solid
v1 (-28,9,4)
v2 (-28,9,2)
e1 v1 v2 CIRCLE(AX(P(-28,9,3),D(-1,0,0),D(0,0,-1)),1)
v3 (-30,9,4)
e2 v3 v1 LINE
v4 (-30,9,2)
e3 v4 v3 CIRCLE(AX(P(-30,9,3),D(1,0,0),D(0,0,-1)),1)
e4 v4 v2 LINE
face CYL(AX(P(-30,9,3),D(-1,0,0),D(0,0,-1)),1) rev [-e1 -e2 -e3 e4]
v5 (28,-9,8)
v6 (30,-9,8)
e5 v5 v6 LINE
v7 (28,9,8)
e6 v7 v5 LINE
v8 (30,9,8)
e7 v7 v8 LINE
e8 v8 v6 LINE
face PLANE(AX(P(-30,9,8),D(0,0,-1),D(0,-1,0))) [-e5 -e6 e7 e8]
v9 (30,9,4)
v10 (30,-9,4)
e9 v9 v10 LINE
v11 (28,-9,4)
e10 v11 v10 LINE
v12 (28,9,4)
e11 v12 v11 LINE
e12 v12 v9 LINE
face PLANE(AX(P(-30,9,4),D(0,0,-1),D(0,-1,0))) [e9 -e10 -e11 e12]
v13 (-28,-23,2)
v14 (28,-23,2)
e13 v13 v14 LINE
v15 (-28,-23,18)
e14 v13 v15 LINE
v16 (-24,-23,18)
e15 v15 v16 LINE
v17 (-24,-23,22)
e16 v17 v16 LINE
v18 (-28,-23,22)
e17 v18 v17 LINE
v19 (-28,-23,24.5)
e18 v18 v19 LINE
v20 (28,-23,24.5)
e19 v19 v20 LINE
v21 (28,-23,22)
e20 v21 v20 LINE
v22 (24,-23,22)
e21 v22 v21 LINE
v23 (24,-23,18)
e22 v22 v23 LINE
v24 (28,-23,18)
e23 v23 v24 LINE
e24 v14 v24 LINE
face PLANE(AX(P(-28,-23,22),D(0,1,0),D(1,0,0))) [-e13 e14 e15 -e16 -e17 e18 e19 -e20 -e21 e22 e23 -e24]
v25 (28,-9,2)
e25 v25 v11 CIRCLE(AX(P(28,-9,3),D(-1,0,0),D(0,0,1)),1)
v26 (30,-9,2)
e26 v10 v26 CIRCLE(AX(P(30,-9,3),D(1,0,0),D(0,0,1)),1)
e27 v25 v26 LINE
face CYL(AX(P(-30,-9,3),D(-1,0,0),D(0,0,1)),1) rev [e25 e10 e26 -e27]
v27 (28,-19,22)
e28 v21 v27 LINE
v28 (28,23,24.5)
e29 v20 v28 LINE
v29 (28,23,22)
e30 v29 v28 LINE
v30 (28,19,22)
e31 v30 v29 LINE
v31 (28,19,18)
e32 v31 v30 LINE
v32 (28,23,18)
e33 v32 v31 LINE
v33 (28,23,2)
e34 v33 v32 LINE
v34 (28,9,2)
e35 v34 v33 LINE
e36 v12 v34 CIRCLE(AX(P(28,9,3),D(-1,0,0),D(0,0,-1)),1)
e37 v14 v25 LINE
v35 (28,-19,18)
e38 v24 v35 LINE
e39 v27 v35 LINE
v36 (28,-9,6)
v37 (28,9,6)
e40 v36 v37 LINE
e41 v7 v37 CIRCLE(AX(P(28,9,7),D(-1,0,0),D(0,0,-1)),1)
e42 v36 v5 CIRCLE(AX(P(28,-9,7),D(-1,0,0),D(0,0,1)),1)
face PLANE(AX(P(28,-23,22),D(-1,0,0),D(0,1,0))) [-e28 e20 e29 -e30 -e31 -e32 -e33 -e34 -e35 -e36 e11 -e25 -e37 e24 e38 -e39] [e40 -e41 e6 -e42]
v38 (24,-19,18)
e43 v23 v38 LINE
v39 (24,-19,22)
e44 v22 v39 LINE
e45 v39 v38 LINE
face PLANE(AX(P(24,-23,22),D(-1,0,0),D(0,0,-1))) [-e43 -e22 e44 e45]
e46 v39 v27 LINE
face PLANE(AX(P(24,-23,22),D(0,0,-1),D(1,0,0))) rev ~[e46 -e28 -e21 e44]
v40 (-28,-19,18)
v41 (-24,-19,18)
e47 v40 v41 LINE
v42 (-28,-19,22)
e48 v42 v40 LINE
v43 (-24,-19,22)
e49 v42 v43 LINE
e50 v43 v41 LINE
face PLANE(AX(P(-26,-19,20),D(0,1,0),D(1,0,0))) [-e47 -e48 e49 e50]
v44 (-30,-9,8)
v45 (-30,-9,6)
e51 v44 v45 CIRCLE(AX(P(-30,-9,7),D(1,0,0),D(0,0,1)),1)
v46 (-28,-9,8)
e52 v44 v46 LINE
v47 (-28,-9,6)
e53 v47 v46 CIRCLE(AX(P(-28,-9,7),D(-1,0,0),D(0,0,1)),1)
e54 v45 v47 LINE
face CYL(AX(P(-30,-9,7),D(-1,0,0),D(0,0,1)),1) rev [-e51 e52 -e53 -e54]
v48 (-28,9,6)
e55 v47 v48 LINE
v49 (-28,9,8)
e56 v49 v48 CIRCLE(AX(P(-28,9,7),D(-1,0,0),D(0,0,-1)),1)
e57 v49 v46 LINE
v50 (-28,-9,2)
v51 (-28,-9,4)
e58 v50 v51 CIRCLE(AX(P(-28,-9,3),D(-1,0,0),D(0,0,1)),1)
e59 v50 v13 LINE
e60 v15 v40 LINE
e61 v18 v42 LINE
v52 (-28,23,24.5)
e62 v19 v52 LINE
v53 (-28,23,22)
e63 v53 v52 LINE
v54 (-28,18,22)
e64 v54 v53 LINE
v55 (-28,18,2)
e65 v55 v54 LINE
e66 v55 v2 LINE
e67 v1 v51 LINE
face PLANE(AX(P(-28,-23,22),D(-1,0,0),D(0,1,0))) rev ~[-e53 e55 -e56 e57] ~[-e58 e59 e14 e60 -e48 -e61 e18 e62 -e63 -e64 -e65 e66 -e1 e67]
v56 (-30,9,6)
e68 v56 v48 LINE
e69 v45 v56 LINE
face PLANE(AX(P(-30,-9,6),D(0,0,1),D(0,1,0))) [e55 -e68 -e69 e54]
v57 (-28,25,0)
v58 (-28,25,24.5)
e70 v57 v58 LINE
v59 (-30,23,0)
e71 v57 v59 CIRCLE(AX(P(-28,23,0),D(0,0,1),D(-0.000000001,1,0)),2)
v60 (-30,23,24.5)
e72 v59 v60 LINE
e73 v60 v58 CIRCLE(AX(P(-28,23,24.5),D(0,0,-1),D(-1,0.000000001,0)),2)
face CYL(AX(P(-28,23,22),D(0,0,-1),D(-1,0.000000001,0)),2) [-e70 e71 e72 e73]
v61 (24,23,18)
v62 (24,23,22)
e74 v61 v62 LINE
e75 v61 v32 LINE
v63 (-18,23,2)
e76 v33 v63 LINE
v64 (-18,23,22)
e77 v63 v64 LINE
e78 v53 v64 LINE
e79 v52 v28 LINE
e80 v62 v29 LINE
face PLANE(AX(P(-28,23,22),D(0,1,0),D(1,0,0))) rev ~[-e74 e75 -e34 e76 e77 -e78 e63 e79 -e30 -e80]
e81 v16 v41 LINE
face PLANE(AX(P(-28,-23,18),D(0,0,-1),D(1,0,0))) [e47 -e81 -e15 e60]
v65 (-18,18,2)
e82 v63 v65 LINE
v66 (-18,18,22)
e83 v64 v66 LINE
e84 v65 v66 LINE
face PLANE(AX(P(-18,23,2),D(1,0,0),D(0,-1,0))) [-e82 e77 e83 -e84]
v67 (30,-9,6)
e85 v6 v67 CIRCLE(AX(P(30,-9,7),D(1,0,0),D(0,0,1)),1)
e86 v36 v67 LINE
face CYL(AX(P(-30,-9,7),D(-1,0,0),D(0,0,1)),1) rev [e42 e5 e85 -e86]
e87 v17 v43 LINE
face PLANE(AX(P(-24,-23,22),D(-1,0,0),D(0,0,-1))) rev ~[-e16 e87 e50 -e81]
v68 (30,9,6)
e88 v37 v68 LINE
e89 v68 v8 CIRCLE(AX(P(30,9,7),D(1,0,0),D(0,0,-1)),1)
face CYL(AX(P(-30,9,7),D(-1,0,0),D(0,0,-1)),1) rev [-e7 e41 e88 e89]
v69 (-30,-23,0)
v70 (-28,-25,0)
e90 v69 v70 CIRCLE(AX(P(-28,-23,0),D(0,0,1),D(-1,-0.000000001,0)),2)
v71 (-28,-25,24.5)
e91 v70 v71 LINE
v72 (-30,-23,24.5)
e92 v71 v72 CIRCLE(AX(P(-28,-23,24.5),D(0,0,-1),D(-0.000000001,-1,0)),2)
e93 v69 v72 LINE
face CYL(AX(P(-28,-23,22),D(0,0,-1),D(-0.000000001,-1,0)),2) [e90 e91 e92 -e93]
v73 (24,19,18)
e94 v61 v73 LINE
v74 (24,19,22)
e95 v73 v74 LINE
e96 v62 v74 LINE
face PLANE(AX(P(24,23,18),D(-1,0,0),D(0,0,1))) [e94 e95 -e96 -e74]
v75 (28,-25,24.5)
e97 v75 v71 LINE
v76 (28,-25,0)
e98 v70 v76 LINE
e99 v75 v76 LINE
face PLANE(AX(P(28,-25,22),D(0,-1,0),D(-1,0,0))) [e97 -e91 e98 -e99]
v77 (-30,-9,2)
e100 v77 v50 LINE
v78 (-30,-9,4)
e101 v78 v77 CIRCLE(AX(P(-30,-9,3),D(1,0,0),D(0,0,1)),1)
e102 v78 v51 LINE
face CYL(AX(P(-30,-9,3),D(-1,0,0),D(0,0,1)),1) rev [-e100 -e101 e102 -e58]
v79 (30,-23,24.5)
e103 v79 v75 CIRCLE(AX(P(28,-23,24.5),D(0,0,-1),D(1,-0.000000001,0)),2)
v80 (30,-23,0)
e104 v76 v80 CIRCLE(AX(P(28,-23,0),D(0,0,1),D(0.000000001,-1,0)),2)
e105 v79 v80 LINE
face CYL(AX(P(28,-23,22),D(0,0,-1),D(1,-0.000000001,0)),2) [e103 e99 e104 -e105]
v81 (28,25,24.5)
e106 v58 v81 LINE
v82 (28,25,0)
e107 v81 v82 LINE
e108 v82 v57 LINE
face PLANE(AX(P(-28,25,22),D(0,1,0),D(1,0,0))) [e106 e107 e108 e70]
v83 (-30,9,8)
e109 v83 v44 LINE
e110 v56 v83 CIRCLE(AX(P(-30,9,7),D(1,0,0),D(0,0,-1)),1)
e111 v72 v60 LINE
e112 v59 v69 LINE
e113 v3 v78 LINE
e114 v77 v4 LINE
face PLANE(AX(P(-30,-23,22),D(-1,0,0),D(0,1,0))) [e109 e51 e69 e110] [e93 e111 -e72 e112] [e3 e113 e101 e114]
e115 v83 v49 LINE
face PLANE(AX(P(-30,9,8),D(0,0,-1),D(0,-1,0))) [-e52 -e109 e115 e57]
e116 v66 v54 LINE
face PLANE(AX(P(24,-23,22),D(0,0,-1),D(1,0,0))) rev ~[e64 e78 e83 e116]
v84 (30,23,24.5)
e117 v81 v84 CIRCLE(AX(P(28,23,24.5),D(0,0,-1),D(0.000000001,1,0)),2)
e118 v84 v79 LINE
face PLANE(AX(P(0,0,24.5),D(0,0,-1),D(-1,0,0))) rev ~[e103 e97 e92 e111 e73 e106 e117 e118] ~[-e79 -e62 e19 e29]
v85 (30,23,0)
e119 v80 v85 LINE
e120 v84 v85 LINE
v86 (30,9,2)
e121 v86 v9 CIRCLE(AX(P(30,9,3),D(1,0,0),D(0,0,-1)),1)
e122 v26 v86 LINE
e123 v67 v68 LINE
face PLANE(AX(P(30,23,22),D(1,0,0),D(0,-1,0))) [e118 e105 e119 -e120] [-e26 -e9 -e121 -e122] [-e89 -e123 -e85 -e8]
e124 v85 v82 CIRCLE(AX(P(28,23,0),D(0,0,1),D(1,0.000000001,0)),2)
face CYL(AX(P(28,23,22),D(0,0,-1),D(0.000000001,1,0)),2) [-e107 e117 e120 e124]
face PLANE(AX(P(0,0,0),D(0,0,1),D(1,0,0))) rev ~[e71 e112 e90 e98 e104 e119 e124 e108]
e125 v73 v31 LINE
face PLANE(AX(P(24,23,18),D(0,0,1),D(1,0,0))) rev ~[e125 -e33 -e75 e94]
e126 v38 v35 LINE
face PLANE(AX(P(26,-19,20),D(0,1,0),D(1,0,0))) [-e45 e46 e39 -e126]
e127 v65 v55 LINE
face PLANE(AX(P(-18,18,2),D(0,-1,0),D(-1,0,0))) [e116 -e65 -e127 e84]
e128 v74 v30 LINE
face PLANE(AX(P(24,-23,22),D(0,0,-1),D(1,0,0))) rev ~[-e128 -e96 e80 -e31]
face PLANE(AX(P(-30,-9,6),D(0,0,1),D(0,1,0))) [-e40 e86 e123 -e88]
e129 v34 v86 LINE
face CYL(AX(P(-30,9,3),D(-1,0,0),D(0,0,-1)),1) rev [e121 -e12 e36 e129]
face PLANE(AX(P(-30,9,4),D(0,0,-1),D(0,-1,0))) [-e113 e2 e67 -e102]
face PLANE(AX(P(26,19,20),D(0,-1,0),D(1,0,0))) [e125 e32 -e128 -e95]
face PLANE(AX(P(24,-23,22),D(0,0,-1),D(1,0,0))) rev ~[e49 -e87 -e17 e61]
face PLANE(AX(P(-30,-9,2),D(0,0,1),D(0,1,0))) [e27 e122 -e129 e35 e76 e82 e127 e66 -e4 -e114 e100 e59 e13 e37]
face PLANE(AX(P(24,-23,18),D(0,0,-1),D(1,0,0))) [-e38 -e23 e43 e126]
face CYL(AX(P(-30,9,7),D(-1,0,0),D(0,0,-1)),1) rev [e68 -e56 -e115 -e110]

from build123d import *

# Parameters (mm, degrees)
EXTRUDE_8_DEPTH     = 2
EXTRUDE_11_DEPTH    = 20
SKETCH_8_W          = 4
SKETCH_8_H          = 4
EXTRUDE_12_DEPTH    = 4
SKETCH_9_W          = 4
SKETCH_9_H          = 4
EXTRUDE_13_DEPTH    = 4
SKETCH_10_W         = 56
SKETCH_10_H         = 46
EXTRUDE_14_DEPTH    = 2.5
CUT_EXTRUDE_5_DEPTH = 60


with BuildPart() as part:
    # Эскиз1 → Бобышка-Вытянуть8 (new body)
    with BuildSketch(Plane.XY):
        with BuildLine():
            Line((-28, -25), (28, -25))
            ThreePointArc((28, -25), (29.414213562, -24.414213562), (30, -23))
            Line((30, -23), (30, 23))
            ThreePointArc((30, 23), (29.414213562, 24.414213562), (28, 25))
            Line((28, 25), (-28, 25))
            ThreePointArc((-28, 25), (-29.414213562, 24.414213562), (-30, 23))
            Line((-30, 23), (-30, -23))
            ThreePointArc((-30, -23), (-29.414213562, -24.414213562), (-28, -25))
        make_face()
    extrude(amount=EXTRUDE_8_DEPTH)

    # Эскиз6 → Бобышка-Вытянуть11 (add)
    with BuildSketch(Plane.XY.offset(2)):
        with BuildLine():
            Line((-28, 25), (28, 25))
            ThreePointArc((28, 25), (29.414213562, 24.414213562), (30, 23))
            Line((30, 23), (30, -23))
            ThreePointArc((30, -23), (29.414213562, -24.414213562), (28, -25))
            Line((28, -25), (-28, -25))
            ThreePointArc((-28, -25), (-29.414213562, -24.414213562), (-30, -23))
            Line((-30, -23), (-30, 23))
            ThreePointArc((-30, 23), (-29.414213562, 24.414213562), (-28, 25))
        make_face()
        Polygon((-28, -23), (28, -23), (28, 23), (-18, 23), (-18, 18), (-28, 18), align=None, mode=Mode.SUBTRACT)
    extrude(amount=EXTRUDE_11_DEPTH)

    # Эскиз8 → Бобышка-Вытянуть12 (add)
    with BuildSketch(Plane.XZ.offset(-23)):
        with Locations((26, 20)):
            Rectangle(SKETCH_8_W, SKETCH_8_H)
    extrude(amount=EXTRUDE_12_DEPTH)

    # Эскиз9 → Бобышка-Вытянуть13 (add)
    with BuildSketch(Plane(origin=(0, -23, 0), x_dir=(1, 0, 0), z_dir=(0, 1, 0))):
        with Locations((26, -20)):
            Rectangle(SKETCH_9_W, SKETCH_9_H)
        with Locations((-26, -20)):
            Rectangle(SKETCH_9_W, SKETCH_9_H)
    extrude(amount=EXTRUDE_13_DEPTH)

    # Эскиз10 → Бобышка-Вытянуть14 (add)
    with BuildSketch(Plane.XY.offset(22)):
        with BuildLine():
            Line((-28, 25), (28, 25))
            ThreePointArc((28, 25), (29.414213562, 24.414213562), (30, 23))
            Line((30, 23), (30, -23))
            ThreePointArc((30, -23), (29.414213562, -24.414213562), (28, -25))
            Line((28, -25), (-28, -25))
            ThreePointArc((-28, -25), (-29.414213562, -24.414213562), (-30, -23))
            Line((-30, -23), (-30, 23))
            ThreePointArc((-30, 23), (-29.414213562, 24.414213562), (-28, 25))
        make_face()
        Rectangle(SKETCH_10_W, SKETCH_10_H, mode=Mode.SUBTRACT)
    extrude(amount=EXTRUDE_14_DEPTH)

    # Эскиз15 → Вырез-Вытянуть5 (cut)
    with BuildSketch(Plane.ZY.offset(30)):
        with BuildLine():
            Line((8, 9), (8, -9))
            ThreePointArc((8, -9), (7, -10), (6, -9))
            Line((6, -9), (6, 9))
            ThreePointArc((6, 9), (7, 10), (8, 9))
        make_face()
        with BuildLine():
            Line((4, 9), (4, -9))
            ThreePointArc((4, -9), (3, -10), (2, -9))
            Line((2, -9), (2, 9))
            ThreePointArc((2, 9), (3, 10), (4, 9))
        make_face()
    extrude(amount=-CUT_EXTRUDE_5_DEPTH, mode=Mode.SUBTRACT)


solid = part.part
